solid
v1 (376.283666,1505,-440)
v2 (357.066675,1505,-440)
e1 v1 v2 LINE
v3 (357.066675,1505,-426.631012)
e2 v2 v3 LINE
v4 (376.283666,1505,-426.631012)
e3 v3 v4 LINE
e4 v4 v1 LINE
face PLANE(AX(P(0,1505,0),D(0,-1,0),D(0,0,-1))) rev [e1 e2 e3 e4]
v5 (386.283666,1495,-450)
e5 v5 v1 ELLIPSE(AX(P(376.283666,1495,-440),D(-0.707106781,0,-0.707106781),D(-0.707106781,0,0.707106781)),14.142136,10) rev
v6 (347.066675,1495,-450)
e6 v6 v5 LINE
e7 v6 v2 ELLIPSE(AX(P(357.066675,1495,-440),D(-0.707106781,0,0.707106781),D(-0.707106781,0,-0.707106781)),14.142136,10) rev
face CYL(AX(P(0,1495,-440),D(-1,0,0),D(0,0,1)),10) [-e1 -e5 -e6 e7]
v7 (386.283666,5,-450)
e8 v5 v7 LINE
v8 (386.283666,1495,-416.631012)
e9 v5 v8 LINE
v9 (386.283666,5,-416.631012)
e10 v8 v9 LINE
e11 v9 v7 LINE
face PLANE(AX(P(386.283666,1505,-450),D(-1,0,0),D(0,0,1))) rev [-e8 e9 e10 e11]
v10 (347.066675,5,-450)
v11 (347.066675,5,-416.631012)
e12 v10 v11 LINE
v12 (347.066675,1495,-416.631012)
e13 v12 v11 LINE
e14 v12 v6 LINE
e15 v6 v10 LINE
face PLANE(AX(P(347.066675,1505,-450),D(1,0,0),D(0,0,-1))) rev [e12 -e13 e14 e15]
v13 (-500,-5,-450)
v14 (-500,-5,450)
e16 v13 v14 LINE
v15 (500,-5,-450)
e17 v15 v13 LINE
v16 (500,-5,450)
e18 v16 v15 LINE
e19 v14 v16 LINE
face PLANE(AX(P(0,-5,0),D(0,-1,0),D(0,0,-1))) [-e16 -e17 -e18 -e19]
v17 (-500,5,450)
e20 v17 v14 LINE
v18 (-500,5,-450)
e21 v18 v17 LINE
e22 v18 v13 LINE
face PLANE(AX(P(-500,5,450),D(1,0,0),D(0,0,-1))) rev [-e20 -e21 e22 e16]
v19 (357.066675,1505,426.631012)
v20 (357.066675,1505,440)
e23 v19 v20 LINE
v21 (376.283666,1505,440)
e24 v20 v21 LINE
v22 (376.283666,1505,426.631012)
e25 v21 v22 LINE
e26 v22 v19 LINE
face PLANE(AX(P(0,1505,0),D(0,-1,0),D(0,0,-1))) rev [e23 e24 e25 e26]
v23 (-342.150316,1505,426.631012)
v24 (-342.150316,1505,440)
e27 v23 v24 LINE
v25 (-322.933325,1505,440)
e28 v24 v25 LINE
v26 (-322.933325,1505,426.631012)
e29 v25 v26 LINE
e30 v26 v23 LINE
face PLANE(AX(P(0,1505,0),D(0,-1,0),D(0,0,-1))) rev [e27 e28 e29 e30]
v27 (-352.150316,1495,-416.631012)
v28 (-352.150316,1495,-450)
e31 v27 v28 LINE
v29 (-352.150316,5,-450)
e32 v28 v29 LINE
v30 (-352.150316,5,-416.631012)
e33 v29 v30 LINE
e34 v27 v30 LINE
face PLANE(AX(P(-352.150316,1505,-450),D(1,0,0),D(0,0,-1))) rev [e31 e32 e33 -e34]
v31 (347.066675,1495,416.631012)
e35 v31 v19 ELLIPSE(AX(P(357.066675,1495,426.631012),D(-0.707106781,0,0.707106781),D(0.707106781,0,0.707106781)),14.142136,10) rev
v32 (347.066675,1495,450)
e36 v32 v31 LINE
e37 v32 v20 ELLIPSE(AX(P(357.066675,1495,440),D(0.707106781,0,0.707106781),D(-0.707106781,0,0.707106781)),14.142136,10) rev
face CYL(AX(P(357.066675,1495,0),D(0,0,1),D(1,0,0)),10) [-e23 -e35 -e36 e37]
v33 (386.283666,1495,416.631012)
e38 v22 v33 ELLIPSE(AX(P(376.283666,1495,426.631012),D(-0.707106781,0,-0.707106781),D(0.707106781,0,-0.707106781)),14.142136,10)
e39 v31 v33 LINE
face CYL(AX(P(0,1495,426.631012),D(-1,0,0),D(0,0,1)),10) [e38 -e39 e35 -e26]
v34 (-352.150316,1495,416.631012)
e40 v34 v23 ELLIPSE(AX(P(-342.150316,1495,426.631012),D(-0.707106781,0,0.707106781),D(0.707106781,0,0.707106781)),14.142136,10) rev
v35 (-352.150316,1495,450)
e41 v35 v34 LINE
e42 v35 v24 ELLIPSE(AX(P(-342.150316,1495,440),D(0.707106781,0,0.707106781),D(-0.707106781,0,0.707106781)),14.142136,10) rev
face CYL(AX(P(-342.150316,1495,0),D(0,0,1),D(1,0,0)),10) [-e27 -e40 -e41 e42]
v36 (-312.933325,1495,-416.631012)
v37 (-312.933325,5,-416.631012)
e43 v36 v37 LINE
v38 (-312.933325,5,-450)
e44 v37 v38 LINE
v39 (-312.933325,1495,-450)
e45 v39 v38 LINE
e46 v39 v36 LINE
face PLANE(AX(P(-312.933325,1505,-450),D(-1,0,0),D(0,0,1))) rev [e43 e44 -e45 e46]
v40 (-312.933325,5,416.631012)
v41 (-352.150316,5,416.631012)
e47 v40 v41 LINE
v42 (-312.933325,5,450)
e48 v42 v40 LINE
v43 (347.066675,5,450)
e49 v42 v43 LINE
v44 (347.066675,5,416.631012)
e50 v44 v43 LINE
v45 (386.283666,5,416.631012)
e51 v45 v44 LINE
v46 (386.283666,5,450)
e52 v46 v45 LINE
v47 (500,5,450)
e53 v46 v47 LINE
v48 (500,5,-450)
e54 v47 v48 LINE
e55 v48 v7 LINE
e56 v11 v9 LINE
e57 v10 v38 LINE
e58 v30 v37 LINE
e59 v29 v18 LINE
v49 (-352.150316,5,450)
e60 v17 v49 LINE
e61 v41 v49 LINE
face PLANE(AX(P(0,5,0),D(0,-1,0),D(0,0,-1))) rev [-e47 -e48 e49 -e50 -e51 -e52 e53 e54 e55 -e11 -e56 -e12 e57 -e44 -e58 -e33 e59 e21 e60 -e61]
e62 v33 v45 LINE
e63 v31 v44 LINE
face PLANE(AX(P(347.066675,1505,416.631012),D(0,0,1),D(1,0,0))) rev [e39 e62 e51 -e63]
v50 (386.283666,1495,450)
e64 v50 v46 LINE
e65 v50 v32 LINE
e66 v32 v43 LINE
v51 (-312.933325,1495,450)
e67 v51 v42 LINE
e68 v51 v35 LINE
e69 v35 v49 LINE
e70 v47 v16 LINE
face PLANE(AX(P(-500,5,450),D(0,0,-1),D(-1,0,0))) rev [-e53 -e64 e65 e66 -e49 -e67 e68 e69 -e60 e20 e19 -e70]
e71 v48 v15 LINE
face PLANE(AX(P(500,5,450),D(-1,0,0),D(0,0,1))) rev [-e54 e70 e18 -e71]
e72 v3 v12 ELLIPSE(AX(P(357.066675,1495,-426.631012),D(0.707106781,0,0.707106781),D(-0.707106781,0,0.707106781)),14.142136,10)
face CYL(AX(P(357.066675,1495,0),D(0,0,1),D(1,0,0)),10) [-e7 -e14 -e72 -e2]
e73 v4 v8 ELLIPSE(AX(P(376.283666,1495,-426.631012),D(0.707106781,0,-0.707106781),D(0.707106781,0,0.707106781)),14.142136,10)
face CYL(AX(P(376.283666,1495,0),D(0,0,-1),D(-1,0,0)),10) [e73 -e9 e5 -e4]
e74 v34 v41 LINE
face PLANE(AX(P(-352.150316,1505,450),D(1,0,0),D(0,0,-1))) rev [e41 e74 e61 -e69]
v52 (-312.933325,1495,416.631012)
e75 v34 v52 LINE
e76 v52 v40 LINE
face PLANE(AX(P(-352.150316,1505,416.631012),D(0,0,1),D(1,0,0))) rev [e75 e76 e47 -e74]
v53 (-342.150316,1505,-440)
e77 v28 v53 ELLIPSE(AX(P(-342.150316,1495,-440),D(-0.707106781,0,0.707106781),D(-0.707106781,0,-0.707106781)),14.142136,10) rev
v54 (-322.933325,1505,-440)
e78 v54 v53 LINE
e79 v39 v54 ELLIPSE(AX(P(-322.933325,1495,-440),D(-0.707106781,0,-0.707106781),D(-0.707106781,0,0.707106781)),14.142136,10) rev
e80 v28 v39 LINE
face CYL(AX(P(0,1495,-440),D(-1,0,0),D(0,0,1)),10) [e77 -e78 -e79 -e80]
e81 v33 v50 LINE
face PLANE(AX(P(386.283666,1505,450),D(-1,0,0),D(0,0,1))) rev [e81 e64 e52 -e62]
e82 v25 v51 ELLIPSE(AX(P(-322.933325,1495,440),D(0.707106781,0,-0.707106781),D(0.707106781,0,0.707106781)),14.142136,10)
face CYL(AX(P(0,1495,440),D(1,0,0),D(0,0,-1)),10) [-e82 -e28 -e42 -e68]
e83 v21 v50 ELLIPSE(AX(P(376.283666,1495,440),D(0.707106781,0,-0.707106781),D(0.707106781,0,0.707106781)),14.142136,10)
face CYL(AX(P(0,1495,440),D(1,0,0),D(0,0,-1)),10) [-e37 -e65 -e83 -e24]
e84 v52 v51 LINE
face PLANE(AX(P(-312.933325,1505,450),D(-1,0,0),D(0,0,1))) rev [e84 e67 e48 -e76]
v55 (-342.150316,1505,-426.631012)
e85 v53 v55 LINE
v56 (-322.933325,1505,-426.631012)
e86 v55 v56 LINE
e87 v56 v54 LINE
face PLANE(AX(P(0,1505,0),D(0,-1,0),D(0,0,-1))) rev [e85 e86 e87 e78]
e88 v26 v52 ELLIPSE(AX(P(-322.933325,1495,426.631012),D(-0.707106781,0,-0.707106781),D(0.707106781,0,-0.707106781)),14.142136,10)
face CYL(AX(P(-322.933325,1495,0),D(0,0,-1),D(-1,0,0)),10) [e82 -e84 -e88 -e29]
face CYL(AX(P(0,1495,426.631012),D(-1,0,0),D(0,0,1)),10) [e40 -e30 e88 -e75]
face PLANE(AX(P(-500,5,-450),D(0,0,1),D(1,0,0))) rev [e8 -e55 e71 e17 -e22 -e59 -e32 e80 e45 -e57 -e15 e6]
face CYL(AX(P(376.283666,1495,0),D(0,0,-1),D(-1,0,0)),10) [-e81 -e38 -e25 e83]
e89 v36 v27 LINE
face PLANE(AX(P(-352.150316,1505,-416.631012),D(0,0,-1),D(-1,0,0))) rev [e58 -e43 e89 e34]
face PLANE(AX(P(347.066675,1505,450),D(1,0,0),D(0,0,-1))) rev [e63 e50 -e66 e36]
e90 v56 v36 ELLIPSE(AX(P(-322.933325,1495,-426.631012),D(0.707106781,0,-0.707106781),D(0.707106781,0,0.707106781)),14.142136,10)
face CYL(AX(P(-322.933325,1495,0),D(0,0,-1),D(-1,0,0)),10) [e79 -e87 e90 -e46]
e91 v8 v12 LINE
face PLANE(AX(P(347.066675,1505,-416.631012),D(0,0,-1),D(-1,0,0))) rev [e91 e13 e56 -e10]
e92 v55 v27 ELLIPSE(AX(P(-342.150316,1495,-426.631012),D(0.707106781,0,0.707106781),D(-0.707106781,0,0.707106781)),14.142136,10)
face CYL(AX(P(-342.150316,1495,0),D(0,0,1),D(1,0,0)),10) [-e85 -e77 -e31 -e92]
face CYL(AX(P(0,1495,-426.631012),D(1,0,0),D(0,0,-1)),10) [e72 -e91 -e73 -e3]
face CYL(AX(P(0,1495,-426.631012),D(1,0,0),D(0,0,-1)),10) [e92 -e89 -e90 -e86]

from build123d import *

# Parameters (mm, degrees)
SKETCH1_W           = 1000
SKETCH1_H           = 900
BOSS_EXTRUDE1_DEPTH = 5
SKETCH2_W           = 39.21699111
SKETCH2_H           = 33.368988095
BOSS_EXTRUDE2_DEPTH = 1500
FILLET1_R           = 10


with BuildPart() as part:
    # Sketch1 → Boss-Extrude1 (new, symmetric)
    with BuildSketch(Plane(origin=(0, 0, 0), x_dir=(1, 0, 0), z_dir=(0, 1, 0))):
        Rectangle(SKETCH1_W, SKETCH1_H)
    extrude(amount=BOSS_EXTRUDE1_DEPTH, both=True)

    # Sketch2 → Boss-Extrude2 (add)
    with BuildSketch(Plane(origin=(0, 5, 0), x_dir=(1, 0, 0), z_dir=(0, 1, 0))):
        with Locations((-332.541820244, -433.315505953)):
            Rectangle(SKETCH2_W, SKETCH2_H)
        with Locations((366.675170866, -433.315505953)):
            Rectangle(SKETCH2_W, SKETCH2_H)
        with Locations((366.675170866, 433.315505953)):
            Rectangle(SKETCH2_W, SKETCH2_H)
        with Locations((-332.541820244, 433.315505953)):
            Rectangle(SKETCH2_W, SKETCH2_H)
    extrude(amount=BOSS_EXTRUDE2_DEPTH)

    # Fillet1
    fillet1_edges = [part.edges().sort_by_distance(p)[0] for p in [
        (-352.150315799, 1505, 433.315505952),
        (-332.541820244, 1505, 450),
        (-312.933324689, 1505, 433.315505952),
        (-332.541820244, 1505, 416.631011905),
        (347.066675311, 1505, 433.315505952),
        (366.675170866, 1505, 450),
        (386.283666421, 1505, 433.315505952),
        (366.675170866, 1505, 416.631011905),
        (366.675170866, 1505, -450),
        (347.066675311, 1505, -433.315505952),
        (366.675170866, 1505, -416.631011905),
        (386.283666421, 1505, -433.315505952),
        (-332.541820244, 1505, -450),
        (-352.150315799, 1505, -433.315505952),
        (-332.541820244, 1505, -416.631011905),
        (-312.933324689, 1505, -433.315505952),
    ]]
    fillet(fillet1_edges, radius=FILLET1_R)


solid = part.part
